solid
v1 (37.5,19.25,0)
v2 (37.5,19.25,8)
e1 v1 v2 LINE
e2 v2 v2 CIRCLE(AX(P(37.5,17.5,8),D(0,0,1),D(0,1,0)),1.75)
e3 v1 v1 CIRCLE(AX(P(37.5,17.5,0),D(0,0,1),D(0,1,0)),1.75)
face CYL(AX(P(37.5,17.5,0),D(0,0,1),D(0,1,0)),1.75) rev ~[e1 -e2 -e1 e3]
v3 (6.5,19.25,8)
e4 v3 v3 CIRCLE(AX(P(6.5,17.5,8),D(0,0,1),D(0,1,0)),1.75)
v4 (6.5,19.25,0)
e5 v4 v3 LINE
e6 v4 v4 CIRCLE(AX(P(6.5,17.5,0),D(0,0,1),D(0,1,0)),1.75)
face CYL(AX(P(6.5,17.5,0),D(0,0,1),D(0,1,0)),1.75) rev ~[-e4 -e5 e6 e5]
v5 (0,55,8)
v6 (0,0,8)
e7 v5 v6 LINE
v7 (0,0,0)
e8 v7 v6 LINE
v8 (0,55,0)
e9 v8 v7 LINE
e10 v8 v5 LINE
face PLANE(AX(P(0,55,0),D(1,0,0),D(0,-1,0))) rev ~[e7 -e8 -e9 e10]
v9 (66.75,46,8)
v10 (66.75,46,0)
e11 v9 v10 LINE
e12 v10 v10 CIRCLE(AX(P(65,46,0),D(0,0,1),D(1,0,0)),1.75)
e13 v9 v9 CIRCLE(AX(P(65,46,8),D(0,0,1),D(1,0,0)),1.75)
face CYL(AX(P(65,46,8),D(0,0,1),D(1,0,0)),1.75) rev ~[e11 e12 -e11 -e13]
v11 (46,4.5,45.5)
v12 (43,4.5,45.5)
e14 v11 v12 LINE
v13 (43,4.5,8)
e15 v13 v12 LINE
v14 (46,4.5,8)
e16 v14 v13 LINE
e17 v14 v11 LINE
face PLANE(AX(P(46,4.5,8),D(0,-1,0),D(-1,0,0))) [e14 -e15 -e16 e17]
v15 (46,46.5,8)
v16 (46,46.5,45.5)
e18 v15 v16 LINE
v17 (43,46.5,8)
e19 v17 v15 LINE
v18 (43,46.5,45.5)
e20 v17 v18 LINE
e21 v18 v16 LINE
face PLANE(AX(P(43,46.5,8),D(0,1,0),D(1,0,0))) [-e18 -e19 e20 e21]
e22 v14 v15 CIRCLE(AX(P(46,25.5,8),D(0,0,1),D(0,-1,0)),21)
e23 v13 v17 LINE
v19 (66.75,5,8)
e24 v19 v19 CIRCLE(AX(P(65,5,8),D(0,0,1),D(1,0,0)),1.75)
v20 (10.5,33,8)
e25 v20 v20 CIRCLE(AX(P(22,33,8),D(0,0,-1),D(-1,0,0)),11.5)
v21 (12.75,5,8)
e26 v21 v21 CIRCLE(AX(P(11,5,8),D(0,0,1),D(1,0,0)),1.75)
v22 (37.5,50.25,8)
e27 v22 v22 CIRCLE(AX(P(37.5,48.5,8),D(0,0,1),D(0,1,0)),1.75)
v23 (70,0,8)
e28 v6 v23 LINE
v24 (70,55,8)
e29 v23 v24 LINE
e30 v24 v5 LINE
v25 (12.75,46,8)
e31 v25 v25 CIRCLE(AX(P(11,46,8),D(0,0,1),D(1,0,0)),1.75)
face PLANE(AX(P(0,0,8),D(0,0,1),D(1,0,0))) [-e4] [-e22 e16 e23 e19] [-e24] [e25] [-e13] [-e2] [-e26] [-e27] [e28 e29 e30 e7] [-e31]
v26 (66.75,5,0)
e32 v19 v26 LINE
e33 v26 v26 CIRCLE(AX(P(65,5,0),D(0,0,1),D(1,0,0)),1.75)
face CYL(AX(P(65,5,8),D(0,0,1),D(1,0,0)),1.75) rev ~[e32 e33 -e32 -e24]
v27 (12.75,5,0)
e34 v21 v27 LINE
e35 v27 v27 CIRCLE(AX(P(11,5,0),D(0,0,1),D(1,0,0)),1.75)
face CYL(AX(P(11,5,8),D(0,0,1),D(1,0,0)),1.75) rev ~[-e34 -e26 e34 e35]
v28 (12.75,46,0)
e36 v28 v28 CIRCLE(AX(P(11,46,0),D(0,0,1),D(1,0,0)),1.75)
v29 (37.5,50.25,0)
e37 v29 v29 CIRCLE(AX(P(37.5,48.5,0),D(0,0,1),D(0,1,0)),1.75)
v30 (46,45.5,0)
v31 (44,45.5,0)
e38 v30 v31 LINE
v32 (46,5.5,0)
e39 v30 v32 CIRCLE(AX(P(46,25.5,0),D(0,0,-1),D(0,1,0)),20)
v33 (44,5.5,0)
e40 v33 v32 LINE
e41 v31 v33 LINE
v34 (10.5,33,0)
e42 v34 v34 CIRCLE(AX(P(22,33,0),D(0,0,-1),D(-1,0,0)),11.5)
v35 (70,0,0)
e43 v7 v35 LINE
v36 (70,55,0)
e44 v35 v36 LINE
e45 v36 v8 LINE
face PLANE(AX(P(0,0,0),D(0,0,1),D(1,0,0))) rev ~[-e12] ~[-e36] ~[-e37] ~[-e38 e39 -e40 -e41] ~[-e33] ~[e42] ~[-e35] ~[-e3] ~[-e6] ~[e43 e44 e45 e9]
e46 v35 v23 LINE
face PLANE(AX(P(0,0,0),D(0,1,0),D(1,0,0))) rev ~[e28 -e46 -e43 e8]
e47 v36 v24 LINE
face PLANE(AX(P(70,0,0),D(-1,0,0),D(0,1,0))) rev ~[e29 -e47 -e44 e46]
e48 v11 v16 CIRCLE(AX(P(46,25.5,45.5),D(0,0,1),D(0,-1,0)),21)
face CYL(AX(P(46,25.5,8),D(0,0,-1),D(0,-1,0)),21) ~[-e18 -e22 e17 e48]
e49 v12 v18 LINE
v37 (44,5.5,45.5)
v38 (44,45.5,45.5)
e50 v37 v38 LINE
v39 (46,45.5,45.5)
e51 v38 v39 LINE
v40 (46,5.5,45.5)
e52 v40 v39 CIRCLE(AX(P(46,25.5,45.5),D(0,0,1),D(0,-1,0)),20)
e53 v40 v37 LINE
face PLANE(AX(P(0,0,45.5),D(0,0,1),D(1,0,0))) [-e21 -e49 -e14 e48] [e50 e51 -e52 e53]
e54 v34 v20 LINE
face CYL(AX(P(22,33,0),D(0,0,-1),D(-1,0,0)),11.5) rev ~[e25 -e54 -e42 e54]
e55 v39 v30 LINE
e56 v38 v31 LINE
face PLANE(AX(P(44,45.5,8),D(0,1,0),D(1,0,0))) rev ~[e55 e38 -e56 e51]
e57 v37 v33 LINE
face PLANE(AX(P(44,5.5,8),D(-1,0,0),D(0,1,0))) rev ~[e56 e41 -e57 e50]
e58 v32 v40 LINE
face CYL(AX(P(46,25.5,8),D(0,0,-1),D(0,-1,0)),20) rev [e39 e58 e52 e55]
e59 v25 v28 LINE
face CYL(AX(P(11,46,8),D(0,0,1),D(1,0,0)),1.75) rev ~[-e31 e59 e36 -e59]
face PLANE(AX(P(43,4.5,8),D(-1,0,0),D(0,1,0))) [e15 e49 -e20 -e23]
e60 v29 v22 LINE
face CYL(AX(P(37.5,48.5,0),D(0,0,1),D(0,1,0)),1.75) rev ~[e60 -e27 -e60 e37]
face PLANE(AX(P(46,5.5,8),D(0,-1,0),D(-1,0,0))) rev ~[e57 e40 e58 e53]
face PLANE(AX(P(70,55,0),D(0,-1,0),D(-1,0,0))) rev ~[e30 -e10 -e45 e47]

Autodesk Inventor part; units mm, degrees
ref_plane "YZ Plane" through (0, 0, 0) normal (1, 0, 0) x (0, 1, 0)
ref_plane "XZ Plane" through (0, 0, 0) normal (0, 1, 0) x (-1, 0, 0)
ref_plane "XY Plane" through (0, 0, 0) normal (0, 0, 1) x (1, 0, 0)
sketch "Sketch1" plane through (0, 0, 0) normal (0, 0, 1) x (1, 0, 0)
  line L0 (0, 0) -> (70, 0)
  line L1 (70, 0) -> (70, 55)
  line L2 (70, 55) -> (0, 55)
  line L3 (0, 55) -> (0, 0)
  dimension "d0" = 70
  dimension "d1" = 55
extrude "Extrusion1" add sketch "Sketch1" along normal blind 8
sketch "Sketch2" plane through (0, 0, 8) normal (0, 0, 1) x (1, 0, 0)
  circle A0 centre (11, 5) radius 1.75
  circle A1 centre (65, 5) radius 1.75
  circle A2 centre (11, 46) radius 1.75
  circle A3 centre (65, 46) radius 1.75
  line L0 (0, 55) -> (0, 0) projected
  line L1 (0, 0) -> (70, 0) projected
  line L2 (70, 55) -> (0, 55) projected
  line L3 (70, 0) -> (70, 55) projected
  dimension "d4" = 3.5
  dimension "d5" = 3.5
  dimension "d6" = 3.5
  dimension "d7" = 3.5
  dimension "d8" = 11
  dimension "d9" = 5
  dimension "d10" = 9
  dimension "d11" = 5
extrude "Extrusion2" cut sketch "Sketch2" against normal blind 40 contours A0 | A1 | A2 | A3
sketch "Sketch3" plane through (0, 0, 0) normal (0, 0, -1) x (-1, 0, 0)
  circle A0 centre (-22, 33) radius 11.5
  line L0 (0, 55) -> (0, 0) projected
  line L1 (-70, 55) -> (0, 55) projected
  dimension "d14" = 23
  dimension "d15" = 22
  dimension "d16" = 22
extrude "Extrusion3" cut sketch "Sketch3" against normal blind 35
sketch "Sketch4" plane through (0, 0, 0) normal (0, 0, -1) x (-1, 0, 0)
  circle A0 centre (-22, 33) radius 11.5 projected
  point P0 (0, 0)
  point P1 (-6.5, 48.5)
  point P2 (-37.5, 48.5)
  point P3 (-37.5, 17.5)
  point P4 (-6.5, 17.5)
  dimension "d19" = 15.5
  dimension "d20" = 15.5
  dimension "d21" = 15.5
  dimension "d22" = 15.5
hole "Hole1" at (6.5, 17.5, 0) at (37.5, 17.5, 0) at (37.5, 48.5, 0) direction (0, 0, 1) diameter 3.5 end through all
sketch "Sketch5" plane through (0, 0, 0) normal (0, 0, -1) x (-1, 0, 0)
  arc A0 (-46, 45.5) -> (-46, 5.5) centre (-46, 25.5) ccw
  line L0 (-46, 45.5) -> (-44, 45.5)
  line L1 (-44, 45.5) -> (-44, 5.5)
  line L2 (-44, 5.5) -> (-46, 5.5)
  line L3 (-70, 0) -> (-70, 55) projected
  point P0 (0, 0)
  dimension "d30" = 40
  dimension "d32" = 25.5
  dimension "d33" = 24
  dimension "d34" = 26
extrude "Extrusion4" cut sketch "Sketch5" against normal blind 35
sketch "Sketch6" plane through (0, 0, 8) normal (0, 0, 1) x (1, 0, 0)
  arc A0 (46, 5.5) -> (46, 45.5) centre (46, 25.5) ccw projected
  line L0 (46, 5.5) -> (44, 5.5) projected
  line L1 (44, 5.5) -> (44, 45.5) projected
  line L2 (44, 45.5) -> (46, 45.5) projected
  arc A1 (46, 4.5) -> (46, 46.5) centre (46, 25.5) ccw
  line L3 (46, 4.5) -> (43, 4.5)
  line L4 (43, 4.5) -> (43, 46.5)
  line L5 (43, 46.5) -> (46, 46.5)
  line L6 (70, 0) -> (70, 55) projected
  point P0 (0, 0)
  dimension "d37" = 42
  dimension "d38" = 27
extrude "Extrusion5" add sketch "Sketch6" along normal blind 37.5
equation "\"d5\" = d4"
equation "\"d6\" = d4"
equation "\"d7\" = d4"
equation "\"d20\" = d19"
equation "\"d21\" = d19"
equation "\"d22\" = d19"
properties part number "BLOQUE_PARA_MOTOR"
